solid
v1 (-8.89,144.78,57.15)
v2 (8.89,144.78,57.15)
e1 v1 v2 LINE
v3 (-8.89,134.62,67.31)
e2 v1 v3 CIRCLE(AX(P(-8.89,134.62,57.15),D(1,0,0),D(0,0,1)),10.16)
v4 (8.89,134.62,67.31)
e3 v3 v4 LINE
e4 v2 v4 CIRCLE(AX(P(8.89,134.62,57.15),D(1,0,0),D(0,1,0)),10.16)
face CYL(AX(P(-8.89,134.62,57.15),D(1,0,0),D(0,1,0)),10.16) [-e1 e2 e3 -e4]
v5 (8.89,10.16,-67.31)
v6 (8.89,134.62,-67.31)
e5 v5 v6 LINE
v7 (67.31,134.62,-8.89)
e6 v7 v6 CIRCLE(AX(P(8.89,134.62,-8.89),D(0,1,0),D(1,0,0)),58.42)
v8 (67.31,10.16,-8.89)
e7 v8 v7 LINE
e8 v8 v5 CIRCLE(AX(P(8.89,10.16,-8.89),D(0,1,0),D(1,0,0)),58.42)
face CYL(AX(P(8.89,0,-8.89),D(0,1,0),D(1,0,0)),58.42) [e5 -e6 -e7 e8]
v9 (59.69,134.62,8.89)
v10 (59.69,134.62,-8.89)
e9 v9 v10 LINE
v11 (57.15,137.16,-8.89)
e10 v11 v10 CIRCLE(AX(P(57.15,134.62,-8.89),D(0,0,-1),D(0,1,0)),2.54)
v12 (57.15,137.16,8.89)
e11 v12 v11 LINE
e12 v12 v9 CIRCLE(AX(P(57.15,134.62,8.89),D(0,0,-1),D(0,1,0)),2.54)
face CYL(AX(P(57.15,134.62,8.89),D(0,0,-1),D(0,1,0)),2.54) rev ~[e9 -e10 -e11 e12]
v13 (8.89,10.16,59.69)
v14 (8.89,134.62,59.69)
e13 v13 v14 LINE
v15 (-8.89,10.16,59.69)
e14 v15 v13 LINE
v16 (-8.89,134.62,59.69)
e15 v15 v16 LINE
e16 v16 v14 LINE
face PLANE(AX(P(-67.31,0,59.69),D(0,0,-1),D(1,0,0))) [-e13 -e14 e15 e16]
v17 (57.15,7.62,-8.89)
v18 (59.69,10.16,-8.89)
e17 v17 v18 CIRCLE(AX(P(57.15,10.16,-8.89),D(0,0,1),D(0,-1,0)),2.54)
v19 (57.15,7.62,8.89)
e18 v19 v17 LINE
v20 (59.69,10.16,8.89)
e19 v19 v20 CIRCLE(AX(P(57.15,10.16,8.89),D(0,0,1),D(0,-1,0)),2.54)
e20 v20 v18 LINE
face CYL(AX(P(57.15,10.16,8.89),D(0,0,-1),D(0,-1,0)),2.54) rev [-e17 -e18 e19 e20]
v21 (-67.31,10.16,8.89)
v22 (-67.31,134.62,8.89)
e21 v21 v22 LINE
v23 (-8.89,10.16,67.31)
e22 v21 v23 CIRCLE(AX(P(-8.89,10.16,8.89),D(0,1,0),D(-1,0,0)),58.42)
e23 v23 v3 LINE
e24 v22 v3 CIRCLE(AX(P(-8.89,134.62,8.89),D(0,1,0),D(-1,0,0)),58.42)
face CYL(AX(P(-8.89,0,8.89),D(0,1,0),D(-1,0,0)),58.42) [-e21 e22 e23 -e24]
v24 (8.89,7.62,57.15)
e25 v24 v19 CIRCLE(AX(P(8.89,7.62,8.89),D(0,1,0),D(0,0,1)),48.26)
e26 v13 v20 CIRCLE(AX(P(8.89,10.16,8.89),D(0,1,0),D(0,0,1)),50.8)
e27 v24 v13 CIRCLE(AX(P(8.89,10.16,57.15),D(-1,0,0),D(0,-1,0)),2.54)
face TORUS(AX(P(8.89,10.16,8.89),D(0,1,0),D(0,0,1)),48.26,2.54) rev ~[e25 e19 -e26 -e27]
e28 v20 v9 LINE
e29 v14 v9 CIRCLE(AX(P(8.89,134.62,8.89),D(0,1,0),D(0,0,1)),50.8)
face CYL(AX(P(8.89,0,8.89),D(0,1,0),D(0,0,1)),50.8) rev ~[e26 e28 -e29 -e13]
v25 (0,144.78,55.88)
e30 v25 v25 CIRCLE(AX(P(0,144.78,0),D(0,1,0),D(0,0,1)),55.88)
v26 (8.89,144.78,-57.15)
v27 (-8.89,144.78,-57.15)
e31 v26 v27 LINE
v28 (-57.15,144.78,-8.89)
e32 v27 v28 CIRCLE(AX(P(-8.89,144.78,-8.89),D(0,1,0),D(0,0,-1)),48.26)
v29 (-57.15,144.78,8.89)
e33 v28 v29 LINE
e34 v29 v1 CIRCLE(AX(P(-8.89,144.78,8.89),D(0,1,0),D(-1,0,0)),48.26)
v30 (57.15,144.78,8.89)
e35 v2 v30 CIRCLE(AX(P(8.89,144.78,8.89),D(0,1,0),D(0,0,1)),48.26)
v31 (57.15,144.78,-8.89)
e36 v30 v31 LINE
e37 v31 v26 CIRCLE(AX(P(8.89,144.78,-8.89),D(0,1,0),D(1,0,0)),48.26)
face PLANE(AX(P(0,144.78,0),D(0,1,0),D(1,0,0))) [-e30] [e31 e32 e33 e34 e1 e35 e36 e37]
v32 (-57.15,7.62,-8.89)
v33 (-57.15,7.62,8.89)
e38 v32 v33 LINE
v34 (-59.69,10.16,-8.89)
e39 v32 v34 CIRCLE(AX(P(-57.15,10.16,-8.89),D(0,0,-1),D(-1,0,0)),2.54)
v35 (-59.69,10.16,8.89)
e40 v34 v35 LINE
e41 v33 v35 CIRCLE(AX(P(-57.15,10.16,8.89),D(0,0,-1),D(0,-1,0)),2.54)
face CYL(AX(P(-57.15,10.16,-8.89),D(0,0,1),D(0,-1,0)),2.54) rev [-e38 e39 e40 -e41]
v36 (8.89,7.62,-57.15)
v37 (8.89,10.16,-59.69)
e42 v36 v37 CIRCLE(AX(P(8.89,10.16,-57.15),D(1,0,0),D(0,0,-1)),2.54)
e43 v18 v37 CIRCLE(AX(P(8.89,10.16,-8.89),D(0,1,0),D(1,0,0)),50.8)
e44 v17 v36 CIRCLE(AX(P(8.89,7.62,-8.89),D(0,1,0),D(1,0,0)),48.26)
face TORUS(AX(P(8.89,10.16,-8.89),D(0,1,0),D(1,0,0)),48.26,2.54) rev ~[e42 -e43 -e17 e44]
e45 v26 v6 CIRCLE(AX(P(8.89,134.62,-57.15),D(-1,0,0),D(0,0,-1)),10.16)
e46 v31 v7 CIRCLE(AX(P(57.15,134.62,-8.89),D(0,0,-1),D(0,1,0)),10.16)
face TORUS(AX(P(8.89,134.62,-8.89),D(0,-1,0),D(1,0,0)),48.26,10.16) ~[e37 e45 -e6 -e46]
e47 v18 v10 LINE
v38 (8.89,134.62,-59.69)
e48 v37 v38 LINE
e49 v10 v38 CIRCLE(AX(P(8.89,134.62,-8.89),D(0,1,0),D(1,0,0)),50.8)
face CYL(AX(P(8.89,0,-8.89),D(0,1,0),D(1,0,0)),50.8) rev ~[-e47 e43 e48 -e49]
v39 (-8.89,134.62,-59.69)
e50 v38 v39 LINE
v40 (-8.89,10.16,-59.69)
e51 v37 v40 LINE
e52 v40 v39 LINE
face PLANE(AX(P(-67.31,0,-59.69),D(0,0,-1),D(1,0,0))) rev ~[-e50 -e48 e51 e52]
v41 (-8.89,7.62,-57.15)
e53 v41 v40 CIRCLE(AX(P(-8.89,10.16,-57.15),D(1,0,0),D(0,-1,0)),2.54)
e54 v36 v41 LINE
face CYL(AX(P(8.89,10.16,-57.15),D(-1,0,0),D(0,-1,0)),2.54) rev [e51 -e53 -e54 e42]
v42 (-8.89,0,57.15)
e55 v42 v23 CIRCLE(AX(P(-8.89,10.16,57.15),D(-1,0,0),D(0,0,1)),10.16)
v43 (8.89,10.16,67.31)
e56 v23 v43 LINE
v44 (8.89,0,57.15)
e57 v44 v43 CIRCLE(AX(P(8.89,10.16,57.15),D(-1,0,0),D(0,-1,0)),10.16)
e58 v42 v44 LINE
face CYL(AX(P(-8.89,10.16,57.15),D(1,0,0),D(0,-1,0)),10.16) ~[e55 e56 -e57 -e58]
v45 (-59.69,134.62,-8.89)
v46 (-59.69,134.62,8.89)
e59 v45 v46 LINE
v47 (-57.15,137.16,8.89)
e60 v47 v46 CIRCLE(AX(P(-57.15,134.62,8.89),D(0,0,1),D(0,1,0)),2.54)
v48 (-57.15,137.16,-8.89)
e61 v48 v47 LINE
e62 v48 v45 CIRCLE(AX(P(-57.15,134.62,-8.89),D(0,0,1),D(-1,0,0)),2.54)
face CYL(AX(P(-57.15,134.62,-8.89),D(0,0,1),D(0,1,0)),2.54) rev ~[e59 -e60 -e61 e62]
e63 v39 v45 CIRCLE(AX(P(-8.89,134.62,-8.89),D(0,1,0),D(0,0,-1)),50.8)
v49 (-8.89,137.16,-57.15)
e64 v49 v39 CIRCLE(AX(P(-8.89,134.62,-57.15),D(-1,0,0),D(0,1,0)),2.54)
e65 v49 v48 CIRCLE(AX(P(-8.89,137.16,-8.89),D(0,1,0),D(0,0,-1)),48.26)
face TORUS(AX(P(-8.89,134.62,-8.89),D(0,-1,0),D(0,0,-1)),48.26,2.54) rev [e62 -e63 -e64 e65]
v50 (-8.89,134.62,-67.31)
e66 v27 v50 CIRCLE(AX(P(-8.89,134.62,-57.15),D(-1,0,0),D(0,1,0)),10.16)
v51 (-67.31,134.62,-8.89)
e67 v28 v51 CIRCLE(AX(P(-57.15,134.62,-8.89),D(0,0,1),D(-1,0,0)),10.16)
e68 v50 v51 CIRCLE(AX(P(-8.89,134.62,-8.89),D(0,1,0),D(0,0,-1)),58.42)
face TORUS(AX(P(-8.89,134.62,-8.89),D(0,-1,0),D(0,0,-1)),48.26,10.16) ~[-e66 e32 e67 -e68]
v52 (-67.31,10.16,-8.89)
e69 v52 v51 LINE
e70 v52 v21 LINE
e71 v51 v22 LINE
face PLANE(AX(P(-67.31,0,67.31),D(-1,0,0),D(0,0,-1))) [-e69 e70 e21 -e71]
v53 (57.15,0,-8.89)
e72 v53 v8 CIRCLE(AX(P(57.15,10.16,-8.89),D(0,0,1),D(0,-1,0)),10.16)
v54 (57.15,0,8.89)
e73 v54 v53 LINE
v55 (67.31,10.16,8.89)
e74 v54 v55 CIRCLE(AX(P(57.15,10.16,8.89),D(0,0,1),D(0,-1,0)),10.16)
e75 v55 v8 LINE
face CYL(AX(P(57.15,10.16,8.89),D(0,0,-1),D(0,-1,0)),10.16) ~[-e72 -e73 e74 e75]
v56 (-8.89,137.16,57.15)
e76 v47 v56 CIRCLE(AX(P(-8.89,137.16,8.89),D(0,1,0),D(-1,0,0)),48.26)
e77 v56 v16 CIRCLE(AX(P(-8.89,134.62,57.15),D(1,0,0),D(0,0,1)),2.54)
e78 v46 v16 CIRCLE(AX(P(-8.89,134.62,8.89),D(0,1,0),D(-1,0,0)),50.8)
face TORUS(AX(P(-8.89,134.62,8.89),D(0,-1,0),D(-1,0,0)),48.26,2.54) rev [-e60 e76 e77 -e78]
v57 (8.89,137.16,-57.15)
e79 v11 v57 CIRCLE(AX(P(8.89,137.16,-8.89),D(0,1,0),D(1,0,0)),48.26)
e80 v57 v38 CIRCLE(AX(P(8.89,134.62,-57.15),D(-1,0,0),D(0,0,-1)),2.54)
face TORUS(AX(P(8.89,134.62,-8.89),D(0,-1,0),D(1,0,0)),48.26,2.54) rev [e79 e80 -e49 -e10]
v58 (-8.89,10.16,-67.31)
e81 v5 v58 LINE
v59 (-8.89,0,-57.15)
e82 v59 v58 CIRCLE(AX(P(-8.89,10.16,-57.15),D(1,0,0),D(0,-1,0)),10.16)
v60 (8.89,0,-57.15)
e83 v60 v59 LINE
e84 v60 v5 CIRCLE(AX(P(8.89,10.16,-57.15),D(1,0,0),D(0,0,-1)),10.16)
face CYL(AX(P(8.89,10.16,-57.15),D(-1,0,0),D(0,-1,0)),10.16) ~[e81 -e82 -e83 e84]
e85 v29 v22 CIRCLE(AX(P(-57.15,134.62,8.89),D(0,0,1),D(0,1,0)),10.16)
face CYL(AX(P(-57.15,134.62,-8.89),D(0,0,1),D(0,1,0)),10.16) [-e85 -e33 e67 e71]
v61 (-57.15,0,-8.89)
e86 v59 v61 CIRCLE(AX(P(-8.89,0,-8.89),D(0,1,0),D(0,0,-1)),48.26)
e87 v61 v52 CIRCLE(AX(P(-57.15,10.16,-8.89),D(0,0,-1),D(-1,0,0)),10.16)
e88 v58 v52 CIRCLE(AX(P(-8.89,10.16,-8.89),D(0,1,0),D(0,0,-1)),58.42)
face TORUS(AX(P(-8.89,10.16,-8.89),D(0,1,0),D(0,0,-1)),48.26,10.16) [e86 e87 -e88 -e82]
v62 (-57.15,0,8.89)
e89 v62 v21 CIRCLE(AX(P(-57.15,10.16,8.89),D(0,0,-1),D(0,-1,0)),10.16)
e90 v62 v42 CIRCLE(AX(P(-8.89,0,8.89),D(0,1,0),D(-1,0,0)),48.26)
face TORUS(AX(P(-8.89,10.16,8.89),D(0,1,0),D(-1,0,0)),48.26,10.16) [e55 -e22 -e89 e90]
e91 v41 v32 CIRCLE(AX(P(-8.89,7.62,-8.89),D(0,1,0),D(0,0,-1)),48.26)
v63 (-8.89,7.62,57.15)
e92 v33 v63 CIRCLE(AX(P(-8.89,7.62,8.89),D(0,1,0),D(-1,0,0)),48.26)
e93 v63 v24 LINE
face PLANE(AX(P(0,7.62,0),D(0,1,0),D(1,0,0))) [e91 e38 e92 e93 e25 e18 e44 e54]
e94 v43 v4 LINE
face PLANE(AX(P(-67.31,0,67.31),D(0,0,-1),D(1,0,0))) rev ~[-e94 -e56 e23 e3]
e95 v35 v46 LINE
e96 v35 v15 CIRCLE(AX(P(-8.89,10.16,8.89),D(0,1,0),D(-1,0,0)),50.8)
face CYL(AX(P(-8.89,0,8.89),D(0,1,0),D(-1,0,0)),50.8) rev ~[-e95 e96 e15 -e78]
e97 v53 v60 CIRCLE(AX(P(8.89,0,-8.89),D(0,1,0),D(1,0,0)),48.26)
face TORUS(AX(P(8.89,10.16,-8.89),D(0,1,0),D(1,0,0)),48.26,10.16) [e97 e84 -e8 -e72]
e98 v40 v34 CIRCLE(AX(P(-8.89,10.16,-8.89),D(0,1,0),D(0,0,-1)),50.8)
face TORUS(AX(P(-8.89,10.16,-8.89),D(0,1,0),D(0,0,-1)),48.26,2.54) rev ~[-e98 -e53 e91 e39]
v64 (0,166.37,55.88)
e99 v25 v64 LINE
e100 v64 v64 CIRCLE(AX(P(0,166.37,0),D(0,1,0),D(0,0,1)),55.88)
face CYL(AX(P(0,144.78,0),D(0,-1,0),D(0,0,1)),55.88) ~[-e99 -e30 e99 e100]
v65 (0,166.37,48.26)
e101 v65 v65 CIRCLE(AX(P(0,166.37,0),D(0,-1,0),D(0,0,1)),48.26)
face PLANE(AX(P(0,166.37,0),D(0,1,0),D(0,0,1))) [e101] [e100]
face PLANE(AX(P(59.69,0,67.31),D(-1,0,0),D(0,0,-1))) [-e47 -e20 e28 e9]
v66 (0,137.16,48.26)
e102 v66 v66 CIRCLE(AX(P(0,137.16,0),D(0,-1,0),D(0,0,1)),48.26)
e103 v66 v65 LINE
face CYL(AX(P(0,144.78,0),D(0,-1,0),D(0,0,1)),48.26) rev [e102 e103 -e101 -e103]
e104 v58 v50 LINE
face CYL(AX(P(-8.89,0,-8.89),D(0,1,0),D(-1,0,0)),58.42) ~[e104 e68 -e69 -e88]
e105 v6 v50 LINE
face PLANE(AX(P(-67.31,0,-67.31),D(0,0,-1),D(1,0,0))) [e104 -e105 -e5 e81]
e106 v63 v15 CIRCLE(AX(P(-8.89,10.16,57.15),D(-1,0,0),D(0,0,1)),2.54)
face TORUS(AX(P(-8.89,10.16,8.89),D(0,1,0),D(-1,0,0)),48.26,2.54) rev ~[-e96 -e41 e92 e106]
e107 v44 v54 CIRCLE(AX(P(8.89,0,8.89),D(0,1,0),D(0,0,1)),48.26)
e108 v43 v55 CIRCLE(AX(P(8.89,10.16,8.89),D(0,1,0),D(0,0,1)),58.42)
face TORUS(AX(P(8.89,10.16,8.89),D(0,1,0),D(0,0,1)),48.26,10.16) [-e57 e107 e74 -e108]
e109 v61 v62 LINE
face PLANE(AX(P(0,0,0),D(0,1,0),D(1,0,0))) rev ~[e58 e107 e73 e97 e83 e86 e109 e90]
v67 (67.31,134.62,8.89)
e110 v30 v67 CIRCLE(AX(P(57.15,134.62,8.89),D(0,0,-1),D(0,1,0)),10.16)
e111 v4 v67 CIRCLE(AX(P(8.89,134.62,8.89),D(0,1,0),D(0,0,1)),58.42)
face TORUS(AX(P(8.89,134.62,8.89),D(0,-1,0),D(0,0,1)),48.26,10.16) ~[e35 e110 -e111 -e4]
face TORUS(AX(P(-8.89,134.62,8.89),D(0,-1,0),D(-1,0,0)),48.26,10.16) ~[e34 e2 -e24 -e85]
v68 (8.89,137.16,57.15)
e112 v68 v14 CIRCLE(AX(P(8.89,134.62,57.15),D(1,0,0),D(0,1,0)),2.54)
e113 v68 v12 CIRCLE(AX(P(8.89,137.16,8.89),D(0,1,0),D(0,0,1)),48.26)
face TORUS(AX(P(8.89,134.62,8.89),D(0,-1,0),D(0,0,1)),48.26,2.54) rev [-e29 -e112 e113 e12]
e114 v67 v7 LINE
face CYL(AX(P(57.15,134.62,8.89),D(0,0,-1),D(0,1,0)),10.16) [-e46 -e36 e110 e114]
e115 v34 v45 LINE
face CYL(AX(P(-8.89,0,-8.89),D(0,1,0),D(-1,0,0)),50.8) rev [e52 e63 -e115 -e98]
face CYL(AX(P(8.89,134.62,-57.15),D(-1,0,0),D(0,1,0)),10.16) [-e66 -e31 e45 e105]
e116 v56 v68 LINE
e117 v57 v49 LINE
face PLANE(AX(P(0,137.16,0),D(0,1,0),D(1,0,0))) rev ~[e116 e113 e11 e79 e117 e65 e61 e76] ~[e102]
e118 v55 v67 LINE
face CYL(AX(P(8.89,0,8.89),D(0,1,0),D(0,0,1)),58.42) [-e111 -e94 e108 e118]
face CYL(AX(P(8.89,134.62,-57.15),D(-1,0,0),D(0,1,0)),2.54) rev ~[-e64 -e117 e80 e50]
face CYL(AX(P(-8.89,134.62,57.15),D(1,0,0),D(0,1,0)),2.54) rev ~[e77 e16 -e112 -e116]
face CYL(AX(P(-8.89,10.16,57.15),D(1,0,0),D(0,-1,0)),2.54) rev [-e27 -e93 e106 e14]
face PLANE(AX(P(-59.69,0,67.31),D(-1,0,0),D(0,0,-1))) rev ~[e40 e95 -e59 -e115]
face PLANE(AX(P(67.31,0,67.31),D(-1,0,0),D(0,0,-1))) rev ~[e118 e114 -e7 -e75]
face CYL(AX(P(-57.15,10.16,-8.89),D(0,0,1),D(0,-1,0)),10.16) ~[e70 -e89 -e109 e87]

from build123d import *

# Parameters (mm, degrees)
SKETCH1_W           = 134.62
SKETCH1_H           = 134.62
BOSS_EXTRUDE1_DEPTH = 144.78
FILLET1_R           = 58.42
FILLET2_R           = 10.16
SKETCH2_R           = 55.88
BOSS_EXTRUDE2_DEPTH = 21.59
SHELL1_T            = -7.62


with BuildPart() as part:
    # Sketch1 → Boss-Extrude1 (new body)
    with BuildSketch(Plane(origin=(0, 0, 0), x_dir=(1, 0, 0), z_dir=(0, 1, 0))):
        Rectangle(SKETCH1_W, SKETCH1_H)
    extrude(amount=BOSS_EXTRUDE1_DEPTH)

    # Fillet1
    fillet1_edges = [part.edges().sort_by_distance(p)[0] for p in [
        (67.31, 72.39, 67.31),
        (-67.31, 72.39, 67.31),
        (-67.31, 72.39, -67.31),
        (67.31, 72.39, -67.31),
    ]]
    fillet(fillet1_edges, radius=FILLET1_R)

    # Fillet2
    fillet2_edges = [part.edges().sort_by_distance(p)[0] for p in [
        (67.31, 0, 0),
        (67.31, 144.78, 0),
        (0, 0, 67.31),
        (-67.31, 0, 0),
        (0, 0, -67.31),
        (-50.199178157, 0, -50.199178157),
        (50.199178157, 0, -50.199178157),
        (-50.199178157, 0, 50.199178157),
        (50.199178157, 0, 50.199178157),
        (0, 144.78, 67.31),
        (0, 144.78, -67.31),
        (-67.31, 144.78, 0),
        (-50.199178157, 144.78, -50.199178157),
        (50.199178157, 144.78, -50.199178157),
        (-50.199178157, 144.78, 50.199178157),
        (50.199178157, 144.78, 50.199178157),
    ]]
    fillet(fillet2_edges, radius=FILLET2_R)

    # Sketch2 → Boss-Extrude2 (add)
    with BuildSketch(Plane(origin=(0, 144.78, 0), x_dir=(1, 0, 0), z_dir=(0, 1, 0))):
        with Locations(Location((0, 0, 0), (0, 0, 270))):
            Circle(SKETCH2_R)
    extrude(amount=BOSS_EXTRUDE2_DEPTH)

    # Shell1
    shell1_openings = [part.faces().sort_by_distance(p)[0] for p in [
        (0, 166.37, 0),
    ]]
    offset(amount=SHELL1_T, openings=shell1_openings, kind=Kind.INTERSECTION)


solid = part.part
